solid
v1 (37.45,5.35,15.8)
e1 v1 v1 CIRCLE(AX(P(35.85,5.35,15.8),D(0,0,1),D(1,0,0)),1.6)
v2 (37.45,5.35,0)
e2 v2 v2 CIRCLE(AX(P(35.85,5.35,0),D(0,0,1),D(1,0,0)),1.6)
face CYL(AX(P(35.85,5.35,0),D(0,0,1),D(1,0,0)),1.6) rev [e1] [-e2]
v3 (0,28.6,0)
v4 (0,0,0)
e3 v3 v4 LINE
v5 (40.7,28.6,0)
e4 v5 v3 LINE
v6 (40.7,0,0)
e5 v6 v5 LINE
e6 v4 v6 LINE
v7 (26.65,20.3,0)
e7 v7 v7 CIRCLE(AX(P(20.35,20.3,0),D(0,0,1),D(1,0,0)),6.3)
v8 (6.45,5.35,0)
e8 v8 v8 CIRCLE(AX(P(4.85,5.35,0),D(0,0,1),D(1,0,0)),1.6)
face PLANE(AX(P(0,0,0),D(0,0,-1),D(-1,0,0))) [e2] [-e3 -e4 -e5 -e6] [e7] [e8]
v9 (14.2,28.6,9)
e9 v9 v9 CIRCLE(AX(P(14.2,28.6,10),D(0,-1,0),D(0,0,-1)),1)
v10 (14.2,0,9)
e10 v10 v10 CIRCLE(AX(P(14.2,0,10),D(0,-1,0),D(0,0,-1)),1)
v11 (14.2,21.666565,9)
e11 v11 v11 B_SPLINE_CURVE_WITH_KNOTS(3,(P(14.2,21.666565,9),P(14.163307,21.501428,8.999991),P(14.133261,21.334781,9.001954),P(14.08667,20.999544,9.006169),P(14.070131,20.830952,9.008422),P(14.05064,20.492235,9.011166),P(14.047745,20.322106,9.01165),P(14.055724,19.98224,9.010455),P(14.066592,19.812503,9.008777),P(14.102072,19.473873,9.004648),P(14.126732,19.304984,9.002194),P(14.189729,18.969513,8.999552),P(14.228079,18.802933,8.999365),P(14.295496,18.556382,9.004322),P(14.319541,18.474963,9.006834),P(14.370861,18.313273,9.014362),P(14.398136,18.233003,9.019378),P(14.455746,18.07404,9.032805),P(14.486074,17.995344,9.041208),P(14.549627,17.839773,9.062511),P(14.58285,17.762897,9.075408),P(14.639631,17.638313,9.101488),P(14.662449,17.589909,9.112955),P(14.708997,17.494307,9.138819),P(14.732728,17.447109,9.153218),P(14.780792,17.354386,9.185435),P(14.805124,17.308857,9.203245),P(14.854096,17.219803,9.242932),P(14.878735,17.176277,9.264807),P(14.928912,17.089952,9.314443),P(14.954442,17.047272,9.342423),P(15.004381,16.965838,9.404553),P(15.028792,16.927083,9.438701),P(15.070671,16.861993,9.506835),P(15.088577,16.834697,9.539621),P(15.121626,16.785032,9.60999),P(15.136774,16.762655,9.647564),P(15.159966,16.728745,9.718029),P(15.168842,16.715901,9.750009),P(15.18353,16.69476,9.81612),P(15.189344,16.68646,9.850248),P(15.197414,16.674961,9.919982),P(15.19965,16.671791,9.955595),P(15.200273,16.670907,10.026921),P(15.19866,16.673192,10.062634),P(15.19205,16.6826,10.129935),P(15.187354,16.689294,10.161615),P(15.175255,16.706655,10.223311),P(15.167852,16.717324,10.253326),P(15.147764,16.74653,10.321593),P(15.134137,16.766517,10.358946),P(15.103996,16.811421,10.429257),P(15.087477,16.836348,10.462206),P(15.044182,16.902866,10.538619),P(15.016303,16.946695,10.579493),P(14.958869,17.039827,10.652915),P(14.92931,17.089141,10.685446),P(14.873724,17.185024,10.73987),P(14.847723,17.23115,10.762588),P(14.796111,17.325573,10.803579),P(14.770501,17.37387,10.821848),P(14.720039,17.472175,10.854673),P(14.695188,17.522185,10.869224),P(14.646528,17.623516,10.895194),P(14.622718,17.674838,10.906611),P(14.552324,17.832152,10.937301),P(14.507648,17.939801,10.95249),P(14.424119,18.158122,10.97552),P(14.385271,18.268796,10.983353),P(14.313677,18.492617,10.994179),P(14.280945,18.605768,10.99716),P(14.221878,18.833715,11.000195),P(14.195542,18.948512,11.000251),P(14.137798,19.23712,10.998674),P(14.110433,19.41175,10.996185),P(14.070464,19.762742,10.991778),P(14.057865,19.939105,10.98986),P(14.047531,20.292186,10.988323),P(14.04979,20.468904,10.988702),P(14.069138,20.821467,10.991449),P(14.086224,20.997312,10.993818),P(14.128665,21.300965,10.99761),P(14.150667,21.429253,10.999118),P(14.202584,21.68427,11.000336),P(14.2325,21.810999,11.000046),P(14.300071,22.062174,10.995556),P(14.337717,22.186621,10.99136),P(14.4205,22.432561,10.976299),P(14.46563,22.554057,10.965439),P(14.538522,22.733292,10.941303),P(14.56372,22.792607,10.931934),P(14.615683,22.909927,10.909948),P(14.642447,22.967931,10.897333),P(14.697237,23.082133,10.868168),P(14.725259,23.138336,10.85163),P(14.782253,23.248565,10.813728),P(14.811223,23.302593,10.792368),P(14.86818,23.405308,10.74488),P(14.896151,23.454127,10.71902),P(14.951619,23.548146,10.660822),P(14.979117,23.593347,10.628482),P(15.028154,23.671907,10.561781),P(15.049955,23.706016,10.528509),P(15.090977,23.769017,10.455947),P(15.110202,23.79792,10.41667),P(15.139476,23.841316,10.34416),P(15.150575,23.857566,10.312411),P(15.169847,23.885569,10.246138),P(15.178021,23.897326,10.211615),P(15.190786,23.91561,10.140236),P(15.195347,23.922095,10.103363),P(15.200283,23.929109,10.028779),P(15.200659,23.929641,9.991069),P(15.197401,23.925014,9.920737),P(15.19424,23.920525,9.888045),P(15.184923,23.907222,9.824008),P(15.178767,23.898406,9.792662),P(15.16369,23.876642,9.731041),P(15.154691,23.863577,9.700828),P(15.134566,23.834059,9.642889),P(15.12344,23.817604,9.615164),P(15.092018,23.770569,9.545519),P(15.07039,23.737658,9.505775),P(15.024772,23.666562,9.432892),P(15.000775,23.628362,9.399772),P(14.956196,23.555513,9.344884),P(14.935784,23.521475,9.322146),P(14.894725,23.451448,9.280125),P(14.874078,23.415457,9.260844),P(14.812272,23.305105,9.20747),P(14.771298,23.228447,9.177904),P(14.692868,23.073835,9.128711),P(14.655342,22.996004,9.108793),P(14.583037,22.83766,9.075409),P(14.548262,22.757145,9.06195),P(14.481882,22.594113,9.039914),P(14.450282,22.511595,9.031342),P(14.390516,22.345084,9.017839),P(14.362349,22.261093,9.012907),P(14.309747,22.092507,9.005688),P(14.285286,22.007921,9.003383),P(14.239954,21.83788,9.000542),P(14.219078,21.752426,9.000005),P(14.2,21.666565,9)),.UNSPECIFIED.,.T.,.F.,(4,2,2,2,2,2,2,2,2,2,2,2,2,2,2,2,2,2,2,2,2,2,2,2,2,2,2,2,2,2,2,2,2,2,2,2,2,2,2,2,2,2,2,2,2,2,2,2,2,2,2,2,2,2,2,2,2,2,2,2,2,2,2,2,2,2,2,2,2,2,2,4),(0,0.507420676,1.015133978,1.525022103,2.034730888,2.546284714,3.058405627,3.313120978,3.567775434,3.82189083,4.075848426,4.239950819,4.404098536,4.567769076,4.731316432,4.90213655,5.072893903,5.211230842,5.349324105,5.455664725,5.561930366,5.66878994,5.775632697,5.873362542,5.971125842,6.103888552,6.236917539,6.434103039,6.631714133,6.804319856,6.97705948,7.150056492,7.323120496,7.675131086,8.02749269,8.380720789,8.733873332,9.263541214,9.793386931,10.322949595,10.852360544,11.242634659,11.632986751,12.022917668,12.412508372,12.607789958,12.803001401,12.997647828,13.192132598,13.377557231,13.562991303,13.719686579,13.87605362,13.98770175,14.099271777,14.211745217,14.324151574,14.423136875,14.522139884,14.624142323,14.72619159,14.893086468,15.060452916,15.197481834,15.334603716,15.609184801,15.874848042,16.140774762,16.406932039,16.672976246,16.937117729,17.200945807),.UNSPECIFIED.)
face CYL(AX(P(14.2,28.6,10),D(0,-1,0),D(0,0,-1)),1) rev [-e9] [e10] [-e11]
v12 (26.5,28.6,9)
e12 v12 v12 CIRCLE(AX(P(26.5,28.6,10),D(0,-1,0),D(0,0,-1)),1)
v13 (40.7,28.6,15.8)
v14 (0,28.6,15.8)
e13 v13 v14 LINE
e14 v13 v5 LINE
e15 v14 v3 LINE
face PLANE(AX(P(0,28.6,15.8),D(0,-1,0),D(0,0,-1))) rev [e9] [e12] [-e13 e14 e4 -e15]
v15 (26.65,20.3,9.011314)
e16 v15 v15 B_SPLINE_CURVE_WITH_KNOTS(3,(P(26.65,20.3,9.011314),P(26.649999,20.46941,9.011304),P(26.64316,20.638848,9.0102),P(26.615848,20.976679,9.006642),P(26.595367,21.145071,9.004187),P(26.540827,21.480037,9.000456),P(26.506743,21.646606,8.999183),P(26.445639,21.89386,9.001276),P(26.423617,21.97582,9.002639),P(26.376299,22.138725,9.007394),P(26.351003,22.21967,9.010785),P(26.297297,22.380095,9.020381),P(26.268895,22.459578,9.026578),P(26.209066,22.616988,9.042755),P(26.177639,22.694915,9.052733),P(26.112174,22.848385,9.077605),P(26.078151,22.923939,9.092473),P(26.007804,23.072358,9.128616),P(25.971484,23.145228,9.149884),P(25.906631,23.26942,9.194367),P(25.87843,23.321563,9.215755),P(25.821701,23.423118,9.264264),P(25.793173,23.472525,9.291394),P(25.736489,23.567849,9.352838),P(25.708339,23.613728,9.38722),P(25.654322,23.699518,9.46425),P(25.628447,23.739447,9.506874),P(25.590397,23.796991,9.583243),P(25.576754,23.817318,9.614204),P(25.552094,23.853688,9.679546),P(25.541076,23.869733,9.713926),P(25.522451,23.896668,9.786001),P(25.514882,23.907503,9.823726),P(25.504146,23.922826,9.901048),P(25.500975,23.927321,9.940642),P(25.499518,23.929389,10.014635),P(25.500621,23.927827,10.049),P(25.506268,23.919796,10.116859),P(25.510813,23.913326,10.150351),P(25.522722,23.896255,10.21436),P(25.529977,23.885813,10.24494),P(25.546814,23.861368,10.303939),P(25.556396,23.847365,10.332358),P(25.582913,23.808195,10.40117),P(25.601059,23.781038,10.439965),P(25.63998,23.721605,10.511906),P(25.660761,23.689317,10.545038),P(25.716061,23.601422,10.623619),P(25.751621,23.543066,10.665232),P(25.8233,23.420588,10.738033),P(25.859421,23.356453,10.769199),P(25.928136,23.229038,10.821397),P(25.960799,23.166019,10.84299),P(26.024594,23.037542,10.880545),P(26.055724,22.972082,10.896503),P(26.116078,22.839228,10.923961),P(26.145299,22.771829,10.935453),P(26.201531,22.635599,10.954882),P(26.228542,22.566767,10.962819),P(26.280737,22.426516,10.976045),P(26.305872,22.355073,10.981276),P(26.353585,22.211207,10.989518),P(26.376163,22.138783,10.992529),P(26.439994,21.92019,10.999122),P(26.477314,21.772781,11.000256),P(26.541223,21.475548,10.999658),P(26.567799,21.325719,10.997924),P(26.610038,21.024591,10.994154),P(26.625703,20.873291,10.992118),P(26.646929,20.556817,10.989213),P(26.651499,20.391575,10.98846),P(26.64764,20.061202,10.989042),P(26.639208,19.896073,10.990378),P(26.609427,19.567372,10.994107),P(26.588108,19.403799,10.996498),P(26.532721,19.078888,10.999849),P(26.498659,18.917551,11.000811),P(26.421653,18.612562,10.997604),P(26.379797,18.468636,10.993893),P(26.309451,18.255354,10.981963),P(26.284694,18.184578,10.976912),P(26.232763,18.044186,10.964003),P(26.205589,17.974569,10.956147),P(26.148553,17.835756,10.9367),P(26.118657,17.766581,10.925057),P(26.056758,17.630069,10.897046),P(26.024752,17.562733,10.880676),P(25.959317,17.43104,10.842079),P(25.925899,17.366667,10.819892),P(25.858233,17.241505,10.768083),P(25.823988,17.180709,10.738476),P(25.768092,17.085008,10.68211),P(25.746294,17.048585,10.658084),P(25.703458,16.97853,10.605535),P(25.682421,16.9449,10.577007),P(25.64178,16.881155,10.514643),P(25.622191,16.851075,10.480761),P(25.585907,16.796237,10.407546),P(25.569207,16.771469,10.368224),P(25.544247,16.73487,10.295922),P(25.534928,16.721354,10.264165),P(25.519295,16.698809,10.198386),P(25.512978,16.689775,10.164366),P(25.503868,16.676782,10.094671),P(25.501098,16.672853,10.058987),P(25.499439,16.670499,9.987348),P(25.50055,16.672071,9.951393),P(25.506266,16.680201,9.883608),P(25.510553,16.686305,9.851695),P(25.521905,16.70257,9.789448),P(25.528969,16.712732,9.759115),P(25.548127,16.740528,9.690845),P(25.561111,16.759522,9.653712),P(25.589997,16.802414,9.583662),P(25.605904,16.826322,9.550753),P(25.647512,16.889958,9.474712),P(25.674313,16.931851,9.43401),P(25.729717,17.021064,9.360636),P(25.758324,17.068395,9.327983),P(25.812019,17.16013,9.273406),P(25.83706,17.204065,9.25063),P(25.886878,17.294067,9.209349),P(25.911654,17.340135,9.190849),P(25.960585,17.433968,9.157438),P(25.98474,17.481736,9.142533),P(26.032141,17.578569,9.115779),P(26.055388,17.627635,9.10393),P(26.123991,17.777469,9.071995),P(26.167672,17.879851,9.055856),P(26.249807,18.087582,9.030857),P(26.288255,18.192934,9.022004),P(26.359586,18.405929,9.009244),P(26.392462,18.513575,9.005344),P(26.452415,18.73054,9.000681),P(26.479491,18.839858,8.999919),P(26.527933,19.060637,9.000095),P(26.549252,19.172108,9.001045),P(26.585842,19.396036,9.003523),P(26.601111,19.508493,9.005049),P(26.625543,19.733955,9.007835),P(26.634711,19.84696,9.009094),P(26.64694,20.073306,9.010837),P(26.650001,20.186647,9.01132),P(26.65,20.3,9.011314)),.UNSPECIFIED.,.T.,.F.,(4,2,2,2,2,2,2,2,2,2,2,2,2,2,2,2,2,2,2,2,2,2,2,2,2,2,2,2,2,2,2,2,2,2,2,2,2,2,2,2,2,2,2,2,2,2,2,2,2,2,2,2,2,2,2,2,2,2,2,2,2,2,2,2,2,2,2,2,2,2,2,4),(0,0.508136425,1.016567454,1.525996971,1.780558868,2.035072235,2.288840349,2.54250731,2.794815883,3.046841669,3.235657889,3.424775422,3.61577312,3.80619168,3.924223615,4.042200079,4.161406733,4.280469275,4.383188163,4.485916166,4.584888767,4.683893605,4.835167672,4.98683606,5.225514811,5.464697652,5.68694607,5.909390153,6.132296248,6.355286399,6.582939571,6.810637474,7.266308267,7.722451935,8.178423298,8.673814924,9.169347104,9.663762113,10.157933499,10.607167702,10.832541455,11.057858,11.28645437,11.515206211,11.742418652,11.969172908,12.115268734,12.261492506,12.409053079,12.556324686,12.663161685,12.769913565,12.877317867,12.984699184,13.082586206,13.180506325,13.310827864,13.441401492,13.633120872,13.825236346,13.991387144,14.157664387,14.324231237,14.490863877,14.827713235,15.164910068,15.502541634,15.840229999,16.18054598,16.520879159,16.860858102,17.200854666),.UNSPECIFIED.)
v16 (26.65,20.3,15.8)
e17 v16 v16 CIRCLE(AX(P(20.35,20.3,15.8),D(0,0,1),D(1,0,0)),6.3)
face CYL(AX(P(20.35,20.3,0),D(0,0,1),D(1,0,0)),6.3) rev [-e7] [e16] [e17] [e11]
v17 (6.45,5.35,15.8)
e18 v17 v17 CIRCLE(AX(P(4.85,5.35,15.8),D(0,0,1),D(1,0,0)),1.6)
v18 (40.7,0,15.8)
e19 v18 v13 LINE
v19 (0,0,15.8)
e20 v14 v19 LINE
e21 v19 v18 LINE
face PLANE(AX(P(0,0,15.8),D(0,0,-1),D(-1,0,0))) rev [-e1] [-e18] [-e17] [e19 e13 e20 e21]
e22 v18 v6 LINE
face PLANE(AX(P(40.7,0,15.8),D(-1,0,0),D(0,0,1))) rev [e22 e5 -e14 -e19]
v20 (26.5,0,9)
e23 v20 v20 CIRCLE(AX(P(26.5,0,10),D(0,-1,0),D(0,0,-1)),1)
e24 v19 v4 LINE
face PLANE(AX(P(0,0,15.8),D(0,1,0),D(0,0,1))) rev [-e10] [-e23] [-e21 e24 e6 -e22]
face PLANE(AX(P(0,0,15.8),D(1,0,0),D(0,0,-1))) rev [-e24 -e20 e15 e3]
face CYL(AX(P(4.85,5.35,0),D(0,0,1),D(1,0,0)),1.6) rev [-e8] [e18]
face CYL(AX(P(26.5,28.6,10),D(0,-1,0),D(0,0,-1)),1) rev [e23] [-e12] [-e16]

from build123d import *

# Parameters (mm, degrees)
SKETCH_1_W          = 40.7
SKETCH_1_H          = 28.6
EXTRUDE_1_DEPTH     = 15.8
SKETCH_2_R          = 1.6
SKETCH_2_R_2        = 6.3
CUT_EXTRUDE_1_DEPTH = 53.192815598
SKETCH_3_R          = 1
CUT_EXTRUDE_2_DEPTH = 53.192815598


with BuildPart() as part:
    # Эскиз1 → Бобышка-Вытянуть1 (new body)
    with BuildSketch(Plane.XY):
        with Locations((20.35, 14.3)):
            Rectangle(SKETCH_1_W, SKETCH_1_H)
    extrude(amount=EXTRUDE_1_DEPTH)

    # Эскиз2 → Вырез-Вытянуть1 (cut, through all)
    with BuildSketch(Plane.XY.offset(15.8)):
        with Locations((35.85, 5.35)):
            Circle(SKETCH_2_R)
        with Locations((4.85, 5.35)):
            Circle(SKETCH_2_R)
        with Locations((20.35, 20.3)):
            Circle(SKETCH_2_R_2)
    extrude(amount=-CUT_EXTRUDE_1_DEPTH, mode=Mode.SUBTRACT)

    # Эскиз3 → Вырез-Вытянуть2 (cut, through all)
    with BuildSketch(Plane.XZ):
        with Locations(Location((14.2, 10, 0), (0, 0, 270))):
            Circle(SKETCH_3_R)
        with Locations(Location((26.5, 10, 0), (0, 0, 270))):
            Circle(SKETCH_3_R)
    extrude(amount=-CUT_EXTRUDE_2_DEPTH, mode=Mode.SUBTRACT)


solid = part.part
